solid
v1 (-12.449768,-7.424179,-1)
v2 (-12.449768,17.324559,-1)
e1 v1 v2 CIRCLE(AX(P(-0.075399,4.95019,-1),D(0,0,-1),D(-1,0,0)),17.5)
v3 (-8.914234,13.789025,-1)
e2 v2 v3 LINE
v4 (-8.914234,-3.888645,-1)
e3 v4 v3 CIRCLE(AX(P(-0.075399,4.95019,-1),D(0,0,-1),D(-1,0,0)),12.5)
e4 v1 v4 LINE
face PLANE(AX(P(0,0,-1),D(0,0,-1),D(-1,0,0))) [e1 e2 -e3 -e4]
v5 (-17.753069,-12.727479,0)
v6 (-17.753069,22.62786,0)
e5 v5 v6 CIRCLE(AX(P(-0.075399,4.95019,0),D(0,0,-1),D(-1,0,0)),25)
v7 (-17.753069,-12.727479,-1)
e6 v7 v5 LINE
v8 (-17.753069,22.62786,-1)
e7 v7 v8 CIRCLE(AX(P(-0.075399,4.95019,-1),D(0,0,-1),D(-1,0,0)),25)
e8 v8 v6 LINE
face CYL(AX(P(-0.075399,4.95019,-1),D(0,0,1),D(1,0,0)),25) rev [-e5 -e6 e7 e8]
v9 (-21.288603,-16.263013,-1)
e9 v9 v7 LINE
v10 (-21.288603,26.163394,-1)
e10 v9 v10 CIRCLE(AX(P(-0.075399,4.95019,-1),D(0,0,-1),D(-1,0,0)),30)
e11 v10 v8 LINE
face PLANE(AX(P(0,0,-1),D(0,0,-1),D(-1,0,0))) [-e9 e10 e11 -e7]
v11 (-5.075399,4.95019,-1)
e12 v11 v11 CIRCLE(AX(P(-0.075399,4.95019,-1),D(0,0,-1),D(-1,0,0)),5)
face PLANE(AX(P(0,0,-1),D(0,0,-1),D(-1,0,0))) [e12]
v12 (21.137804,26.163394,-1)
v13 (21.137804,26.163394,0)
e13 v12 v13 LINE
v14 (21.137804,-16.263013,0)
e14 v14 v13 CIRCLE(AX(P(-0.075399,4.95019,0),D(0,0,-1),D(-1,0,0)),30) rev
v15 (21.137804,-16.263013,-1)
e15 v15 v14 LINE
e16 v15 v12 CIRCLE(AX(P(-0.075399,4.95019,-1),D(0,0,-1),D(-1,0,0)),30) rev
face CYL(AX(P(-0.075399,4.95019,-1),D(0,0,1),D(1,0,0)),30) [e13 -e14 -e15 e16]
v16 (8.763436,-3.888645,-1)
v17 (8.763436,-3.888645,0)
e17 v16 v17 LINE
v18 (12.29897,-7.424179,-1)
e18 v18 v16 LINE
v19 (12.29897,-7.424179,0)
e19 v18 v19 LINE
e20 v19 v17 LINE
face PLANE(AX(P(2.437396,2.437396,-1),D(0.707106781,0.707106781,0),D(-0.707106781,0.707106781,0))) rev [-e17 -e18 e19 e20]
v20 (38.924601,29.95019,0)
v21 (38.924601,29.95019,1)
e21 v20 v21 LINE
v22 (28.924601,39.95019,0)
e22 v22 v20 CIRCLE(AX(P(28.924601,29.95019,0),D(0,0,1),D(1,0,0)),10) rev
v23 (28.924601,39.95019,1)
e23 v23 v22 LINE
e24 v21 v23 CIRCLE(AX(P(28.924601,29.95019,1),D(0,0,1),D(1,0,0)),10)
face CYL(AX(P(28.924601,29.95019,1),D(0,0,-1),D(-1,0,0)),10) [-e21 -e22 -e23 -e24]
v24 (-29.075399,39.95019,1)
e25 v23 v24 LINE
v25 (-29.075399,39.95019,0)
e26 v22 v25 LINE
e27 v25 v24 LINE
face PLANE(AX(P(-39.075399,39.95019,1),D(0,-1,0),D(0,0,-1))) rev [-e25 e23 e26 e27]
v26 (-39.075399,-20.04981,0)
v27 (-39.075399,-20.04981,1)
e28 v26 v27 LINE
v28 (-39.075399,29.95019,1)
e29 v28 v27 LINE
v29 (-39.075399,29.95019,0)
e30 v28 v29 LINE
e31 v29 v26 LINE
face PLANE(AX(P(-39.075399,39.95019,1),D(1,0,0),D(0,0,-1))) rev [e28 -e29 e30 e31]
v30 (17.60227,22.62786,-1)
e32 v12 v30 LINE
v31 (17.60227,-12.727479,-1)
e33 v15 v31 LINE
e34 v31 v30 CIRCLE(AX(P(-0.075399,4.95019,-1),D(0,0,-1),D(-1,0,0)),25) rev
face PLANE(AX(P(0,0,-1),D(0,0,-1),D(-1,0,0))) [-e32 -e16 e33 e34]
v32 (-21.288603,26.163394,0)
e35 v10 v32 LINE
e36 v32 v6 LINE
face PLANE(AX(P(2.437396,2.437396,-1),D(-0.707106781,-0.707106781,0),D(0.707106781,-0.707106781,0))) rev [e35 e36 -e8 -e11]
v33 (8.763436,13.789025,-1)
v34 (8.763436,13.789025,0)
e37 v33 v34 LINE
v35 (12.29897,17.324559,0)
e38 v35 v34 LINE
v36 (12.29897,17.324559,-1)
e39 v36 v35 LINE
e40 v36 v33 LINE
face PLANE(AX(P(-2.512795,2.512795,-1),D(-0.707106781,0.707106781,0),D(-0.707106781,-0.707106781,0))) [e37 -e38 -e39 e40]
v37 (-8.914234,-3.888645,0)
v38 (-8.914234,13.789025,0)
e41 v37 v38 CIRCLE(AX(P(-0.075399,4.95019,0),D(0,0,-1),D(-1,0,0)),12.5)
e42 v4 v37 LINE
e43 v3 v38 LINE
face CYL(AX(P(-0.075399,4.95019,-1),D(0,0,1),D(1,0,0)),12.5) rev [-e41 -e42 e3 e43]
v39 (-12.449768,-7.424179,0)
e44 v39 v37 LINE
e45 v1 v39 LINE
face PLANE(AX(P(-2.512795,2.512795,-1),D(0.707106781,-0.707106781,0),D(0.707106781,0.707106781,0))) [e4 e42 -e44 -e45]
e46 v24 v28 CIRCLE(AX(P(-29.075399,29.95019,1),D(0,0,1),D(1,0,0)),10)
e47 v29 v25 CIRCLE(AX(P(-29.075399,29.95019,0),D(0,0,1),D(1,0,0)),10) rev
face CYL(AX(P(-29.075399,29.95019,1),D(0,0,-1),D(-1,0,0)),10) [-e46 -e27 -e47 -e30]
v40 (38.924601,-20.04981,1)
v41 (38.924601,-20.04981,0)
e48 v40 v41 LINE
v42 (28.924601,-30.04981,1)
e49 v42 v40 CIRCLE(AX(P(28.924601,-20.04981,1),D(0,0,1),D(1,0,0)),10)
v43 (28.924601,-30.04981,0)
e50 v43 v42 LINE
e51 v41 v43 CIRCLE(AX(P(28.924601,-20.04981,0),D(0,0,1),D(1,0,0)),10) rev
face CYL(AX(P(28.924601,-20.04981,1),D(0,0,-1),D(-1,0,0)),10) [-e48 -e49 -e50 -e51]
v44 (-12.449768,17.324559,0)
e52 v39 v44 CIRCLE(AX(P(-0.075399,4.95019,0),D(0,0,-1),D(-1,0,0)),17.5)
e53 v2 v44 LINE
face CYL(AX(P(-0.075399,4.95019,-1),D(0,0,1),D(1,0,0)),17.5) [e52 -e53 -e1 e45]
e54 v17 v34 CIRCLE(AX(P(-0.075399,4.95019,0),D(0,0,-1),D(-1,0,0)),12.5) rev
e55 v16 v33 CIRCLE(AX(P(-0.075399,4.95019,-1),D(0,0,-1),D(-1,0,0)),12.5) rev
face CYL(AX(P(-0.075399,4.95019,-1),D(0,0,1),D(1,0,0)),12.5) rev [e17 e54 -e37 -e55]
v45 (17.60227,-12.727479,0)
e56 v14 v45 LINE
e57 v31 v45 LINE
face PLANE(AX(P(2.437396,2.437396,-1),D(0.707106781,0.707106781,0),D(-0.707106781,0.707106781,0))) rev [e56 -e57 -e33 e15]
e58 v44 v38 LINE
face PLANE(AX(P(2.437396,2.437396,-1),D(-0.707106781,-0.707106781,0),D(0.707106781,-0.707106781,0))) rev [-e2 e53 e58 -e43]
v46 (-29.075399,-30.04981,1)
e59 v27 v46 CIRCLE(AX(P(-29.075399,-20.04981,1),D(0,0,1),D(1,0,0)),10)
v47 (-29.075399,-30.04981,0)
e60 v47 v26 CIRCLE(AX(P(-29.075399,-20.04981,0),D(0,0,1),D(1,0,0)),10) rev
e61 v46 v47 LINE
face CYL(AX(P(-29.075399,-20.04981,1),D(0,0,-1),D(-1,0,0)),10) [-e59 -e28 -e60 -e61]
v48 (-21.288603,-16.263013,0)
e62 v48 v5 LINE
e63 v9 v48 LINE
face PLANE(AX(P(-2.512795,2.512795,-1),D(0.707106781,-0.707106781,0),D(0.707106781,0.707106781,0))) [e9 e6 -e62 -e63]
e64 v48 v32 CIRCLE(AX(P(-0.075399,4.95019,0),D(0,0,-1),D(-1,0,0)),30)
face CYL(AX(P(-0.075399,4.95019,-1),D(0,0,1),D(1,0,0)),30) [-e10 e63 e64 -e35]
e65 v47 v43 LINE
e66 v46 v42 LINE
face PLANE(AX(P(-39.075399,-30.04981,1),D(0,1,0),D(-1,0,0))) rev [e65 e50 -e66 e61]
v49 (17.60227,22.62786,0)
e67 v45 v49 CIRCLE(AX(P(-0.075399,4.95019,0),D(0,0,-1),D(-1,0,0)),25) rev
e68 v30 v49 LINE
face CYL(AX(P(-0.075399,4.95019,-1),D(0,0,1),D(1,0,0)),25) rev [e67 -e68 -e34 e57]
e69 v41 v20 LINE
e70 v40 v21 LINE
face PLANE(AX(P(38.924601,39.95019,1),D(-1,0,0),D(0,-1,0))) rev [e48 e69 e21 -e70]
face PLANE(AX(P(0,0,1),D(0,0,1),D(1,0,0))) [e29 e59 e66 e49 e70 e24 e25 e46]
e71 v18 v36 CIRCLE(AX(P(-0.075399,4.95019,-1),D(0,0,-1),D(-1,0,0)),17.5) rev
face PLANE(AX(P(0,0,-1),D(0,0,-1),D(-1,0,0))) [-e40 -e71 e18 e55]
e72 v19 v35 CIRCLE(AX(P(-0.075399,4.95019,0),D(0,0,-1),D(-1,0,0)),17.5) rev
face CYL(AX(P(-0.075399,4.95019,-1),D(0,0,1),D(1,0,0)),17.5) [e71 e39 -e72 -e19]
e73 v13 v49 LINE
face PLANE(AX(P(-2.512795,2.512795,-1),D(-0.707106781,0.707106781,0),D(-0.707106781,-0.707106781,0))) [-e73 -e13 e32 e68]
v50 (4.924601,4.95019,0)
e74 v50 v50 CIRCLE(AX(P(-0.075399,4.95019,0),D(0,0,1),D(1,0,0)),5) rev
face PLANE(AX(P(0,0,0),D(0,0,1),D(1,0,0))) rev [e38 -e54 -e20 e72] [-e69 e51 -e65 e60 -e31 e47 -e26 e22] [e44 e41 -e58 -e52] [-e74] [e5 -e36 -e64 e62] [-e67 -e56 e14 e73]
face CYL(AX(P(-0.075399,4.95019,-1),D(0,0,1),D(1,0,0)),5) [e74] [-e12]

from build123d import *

# Parameters (mm, degrees)
SKETCH1_W           = 78
SKETCH1_H           = 70
BOSS_EXTRUDE1_DEPTH = 1
FILLET1_R           = 10
SKETCH2_R           = 5
BOSS_EXTRUDE3_DEPTH = 1


with BuildPart() as part:
    # Sketch1 → Boss-Extrude1 (new body)
    with BuildSketch(Plane.XY):
        with Locations((-0.075399098, 4.950190099)):
            Rectangle(SKETCH1_W, SKETCH1_H)
    extrude(amount=BOSS_EXTRUDE1_DEPTH)

    # Fillet1
    fillet1_edges = [part.edges().sort_by_distance(p)[0] for p in [
        (38.924600902, -30.049809901, 0.5),
        (-39.075399098, -30.049809901, 0.5),
        (-39.075399098, 39.950190099, 0.5),
        (38.924600902, 39.950190099, 0.5),
    ]]
    fillet(fillet1_edges, radius=FILLET1_R)

    # Sketch2 → Boss-Extrude3 (add)
    with BuildSketch(Plane(origin=(0, 0, 0), x_dir=(-1, 0, 0), z_dir=(0, 0, -1))):
        with BuildLine():
            Line((12.449767768, -7.424178572), (8.914233862, -3.888644666))
            ThreePointArc((8.914233862, -3.888644666), (12.575399098, 4.950190099), (8.914233862, 13.789024864))
            Line((8.914233862, 13.789024864), (12.449767768, 17.32455877))
            ThreePointArc((12.449767768, 17.32455877), (17.575399098, 4.950190099), (12.449767768, -7.424178572))
        make_face()
        with Locations(Location((0.075399098, 4.950190099, 0), (0, 0, 180))):
            Circle(SKETCH2_R)
        with BuildLine():
            Line((21.288602533, -16.263013337), (17.753068627, -12.727479431))
            ThreePointArc((17.753068627, -12.727479431), (25.075399098, 4.950190099), (17.753068627, 22.627859629))
            Line((17.753068627, 22.627859629), (21.288602533, 26.163393535))
            ThreePointArc((21.288602533, 26.163393535), (30.075399098, 4.950190099), (21.288602533, -16.263013337))
        make_face()
        with BuildLine():
            Line((-12.298969573, -7.424178572), (-8.763435667, -3.888644666))
            ThreePointArc((-8.763435667, -3.888644666), (-12.424600902, 4.950190099), (-8.763435667, 13.789024864))
            Line((-8.763435667, 13.789024864), (-12.298969573, 17.32455877))
            ThreePointArc((-12.298969573, 17.32455877), (-17.424600902, 4.950190099), (-12.298969573, -7.424178572))
        make_face()
        with BuildLine():
            Line((-21.137804338, -16.263013337), (-17.602270432, -12.727479431))
            ThreePointArc((-17.602270432, -12.727479431), (-24.924600902, 4.950190099), (-17.602270432, 22.627859629))
            Line((-17.602270432, 22.627859629), (-21.137804338, 26.163393535))
            ThreePointArc((-21.137804338, 26.163393535), (-29.924600902, 4.950190099), (-21.137804338, -16.263013337))
        make_face()
    extrude(amount=BOSS_EXTRUDE3_DEPTH)


solid = part.part
